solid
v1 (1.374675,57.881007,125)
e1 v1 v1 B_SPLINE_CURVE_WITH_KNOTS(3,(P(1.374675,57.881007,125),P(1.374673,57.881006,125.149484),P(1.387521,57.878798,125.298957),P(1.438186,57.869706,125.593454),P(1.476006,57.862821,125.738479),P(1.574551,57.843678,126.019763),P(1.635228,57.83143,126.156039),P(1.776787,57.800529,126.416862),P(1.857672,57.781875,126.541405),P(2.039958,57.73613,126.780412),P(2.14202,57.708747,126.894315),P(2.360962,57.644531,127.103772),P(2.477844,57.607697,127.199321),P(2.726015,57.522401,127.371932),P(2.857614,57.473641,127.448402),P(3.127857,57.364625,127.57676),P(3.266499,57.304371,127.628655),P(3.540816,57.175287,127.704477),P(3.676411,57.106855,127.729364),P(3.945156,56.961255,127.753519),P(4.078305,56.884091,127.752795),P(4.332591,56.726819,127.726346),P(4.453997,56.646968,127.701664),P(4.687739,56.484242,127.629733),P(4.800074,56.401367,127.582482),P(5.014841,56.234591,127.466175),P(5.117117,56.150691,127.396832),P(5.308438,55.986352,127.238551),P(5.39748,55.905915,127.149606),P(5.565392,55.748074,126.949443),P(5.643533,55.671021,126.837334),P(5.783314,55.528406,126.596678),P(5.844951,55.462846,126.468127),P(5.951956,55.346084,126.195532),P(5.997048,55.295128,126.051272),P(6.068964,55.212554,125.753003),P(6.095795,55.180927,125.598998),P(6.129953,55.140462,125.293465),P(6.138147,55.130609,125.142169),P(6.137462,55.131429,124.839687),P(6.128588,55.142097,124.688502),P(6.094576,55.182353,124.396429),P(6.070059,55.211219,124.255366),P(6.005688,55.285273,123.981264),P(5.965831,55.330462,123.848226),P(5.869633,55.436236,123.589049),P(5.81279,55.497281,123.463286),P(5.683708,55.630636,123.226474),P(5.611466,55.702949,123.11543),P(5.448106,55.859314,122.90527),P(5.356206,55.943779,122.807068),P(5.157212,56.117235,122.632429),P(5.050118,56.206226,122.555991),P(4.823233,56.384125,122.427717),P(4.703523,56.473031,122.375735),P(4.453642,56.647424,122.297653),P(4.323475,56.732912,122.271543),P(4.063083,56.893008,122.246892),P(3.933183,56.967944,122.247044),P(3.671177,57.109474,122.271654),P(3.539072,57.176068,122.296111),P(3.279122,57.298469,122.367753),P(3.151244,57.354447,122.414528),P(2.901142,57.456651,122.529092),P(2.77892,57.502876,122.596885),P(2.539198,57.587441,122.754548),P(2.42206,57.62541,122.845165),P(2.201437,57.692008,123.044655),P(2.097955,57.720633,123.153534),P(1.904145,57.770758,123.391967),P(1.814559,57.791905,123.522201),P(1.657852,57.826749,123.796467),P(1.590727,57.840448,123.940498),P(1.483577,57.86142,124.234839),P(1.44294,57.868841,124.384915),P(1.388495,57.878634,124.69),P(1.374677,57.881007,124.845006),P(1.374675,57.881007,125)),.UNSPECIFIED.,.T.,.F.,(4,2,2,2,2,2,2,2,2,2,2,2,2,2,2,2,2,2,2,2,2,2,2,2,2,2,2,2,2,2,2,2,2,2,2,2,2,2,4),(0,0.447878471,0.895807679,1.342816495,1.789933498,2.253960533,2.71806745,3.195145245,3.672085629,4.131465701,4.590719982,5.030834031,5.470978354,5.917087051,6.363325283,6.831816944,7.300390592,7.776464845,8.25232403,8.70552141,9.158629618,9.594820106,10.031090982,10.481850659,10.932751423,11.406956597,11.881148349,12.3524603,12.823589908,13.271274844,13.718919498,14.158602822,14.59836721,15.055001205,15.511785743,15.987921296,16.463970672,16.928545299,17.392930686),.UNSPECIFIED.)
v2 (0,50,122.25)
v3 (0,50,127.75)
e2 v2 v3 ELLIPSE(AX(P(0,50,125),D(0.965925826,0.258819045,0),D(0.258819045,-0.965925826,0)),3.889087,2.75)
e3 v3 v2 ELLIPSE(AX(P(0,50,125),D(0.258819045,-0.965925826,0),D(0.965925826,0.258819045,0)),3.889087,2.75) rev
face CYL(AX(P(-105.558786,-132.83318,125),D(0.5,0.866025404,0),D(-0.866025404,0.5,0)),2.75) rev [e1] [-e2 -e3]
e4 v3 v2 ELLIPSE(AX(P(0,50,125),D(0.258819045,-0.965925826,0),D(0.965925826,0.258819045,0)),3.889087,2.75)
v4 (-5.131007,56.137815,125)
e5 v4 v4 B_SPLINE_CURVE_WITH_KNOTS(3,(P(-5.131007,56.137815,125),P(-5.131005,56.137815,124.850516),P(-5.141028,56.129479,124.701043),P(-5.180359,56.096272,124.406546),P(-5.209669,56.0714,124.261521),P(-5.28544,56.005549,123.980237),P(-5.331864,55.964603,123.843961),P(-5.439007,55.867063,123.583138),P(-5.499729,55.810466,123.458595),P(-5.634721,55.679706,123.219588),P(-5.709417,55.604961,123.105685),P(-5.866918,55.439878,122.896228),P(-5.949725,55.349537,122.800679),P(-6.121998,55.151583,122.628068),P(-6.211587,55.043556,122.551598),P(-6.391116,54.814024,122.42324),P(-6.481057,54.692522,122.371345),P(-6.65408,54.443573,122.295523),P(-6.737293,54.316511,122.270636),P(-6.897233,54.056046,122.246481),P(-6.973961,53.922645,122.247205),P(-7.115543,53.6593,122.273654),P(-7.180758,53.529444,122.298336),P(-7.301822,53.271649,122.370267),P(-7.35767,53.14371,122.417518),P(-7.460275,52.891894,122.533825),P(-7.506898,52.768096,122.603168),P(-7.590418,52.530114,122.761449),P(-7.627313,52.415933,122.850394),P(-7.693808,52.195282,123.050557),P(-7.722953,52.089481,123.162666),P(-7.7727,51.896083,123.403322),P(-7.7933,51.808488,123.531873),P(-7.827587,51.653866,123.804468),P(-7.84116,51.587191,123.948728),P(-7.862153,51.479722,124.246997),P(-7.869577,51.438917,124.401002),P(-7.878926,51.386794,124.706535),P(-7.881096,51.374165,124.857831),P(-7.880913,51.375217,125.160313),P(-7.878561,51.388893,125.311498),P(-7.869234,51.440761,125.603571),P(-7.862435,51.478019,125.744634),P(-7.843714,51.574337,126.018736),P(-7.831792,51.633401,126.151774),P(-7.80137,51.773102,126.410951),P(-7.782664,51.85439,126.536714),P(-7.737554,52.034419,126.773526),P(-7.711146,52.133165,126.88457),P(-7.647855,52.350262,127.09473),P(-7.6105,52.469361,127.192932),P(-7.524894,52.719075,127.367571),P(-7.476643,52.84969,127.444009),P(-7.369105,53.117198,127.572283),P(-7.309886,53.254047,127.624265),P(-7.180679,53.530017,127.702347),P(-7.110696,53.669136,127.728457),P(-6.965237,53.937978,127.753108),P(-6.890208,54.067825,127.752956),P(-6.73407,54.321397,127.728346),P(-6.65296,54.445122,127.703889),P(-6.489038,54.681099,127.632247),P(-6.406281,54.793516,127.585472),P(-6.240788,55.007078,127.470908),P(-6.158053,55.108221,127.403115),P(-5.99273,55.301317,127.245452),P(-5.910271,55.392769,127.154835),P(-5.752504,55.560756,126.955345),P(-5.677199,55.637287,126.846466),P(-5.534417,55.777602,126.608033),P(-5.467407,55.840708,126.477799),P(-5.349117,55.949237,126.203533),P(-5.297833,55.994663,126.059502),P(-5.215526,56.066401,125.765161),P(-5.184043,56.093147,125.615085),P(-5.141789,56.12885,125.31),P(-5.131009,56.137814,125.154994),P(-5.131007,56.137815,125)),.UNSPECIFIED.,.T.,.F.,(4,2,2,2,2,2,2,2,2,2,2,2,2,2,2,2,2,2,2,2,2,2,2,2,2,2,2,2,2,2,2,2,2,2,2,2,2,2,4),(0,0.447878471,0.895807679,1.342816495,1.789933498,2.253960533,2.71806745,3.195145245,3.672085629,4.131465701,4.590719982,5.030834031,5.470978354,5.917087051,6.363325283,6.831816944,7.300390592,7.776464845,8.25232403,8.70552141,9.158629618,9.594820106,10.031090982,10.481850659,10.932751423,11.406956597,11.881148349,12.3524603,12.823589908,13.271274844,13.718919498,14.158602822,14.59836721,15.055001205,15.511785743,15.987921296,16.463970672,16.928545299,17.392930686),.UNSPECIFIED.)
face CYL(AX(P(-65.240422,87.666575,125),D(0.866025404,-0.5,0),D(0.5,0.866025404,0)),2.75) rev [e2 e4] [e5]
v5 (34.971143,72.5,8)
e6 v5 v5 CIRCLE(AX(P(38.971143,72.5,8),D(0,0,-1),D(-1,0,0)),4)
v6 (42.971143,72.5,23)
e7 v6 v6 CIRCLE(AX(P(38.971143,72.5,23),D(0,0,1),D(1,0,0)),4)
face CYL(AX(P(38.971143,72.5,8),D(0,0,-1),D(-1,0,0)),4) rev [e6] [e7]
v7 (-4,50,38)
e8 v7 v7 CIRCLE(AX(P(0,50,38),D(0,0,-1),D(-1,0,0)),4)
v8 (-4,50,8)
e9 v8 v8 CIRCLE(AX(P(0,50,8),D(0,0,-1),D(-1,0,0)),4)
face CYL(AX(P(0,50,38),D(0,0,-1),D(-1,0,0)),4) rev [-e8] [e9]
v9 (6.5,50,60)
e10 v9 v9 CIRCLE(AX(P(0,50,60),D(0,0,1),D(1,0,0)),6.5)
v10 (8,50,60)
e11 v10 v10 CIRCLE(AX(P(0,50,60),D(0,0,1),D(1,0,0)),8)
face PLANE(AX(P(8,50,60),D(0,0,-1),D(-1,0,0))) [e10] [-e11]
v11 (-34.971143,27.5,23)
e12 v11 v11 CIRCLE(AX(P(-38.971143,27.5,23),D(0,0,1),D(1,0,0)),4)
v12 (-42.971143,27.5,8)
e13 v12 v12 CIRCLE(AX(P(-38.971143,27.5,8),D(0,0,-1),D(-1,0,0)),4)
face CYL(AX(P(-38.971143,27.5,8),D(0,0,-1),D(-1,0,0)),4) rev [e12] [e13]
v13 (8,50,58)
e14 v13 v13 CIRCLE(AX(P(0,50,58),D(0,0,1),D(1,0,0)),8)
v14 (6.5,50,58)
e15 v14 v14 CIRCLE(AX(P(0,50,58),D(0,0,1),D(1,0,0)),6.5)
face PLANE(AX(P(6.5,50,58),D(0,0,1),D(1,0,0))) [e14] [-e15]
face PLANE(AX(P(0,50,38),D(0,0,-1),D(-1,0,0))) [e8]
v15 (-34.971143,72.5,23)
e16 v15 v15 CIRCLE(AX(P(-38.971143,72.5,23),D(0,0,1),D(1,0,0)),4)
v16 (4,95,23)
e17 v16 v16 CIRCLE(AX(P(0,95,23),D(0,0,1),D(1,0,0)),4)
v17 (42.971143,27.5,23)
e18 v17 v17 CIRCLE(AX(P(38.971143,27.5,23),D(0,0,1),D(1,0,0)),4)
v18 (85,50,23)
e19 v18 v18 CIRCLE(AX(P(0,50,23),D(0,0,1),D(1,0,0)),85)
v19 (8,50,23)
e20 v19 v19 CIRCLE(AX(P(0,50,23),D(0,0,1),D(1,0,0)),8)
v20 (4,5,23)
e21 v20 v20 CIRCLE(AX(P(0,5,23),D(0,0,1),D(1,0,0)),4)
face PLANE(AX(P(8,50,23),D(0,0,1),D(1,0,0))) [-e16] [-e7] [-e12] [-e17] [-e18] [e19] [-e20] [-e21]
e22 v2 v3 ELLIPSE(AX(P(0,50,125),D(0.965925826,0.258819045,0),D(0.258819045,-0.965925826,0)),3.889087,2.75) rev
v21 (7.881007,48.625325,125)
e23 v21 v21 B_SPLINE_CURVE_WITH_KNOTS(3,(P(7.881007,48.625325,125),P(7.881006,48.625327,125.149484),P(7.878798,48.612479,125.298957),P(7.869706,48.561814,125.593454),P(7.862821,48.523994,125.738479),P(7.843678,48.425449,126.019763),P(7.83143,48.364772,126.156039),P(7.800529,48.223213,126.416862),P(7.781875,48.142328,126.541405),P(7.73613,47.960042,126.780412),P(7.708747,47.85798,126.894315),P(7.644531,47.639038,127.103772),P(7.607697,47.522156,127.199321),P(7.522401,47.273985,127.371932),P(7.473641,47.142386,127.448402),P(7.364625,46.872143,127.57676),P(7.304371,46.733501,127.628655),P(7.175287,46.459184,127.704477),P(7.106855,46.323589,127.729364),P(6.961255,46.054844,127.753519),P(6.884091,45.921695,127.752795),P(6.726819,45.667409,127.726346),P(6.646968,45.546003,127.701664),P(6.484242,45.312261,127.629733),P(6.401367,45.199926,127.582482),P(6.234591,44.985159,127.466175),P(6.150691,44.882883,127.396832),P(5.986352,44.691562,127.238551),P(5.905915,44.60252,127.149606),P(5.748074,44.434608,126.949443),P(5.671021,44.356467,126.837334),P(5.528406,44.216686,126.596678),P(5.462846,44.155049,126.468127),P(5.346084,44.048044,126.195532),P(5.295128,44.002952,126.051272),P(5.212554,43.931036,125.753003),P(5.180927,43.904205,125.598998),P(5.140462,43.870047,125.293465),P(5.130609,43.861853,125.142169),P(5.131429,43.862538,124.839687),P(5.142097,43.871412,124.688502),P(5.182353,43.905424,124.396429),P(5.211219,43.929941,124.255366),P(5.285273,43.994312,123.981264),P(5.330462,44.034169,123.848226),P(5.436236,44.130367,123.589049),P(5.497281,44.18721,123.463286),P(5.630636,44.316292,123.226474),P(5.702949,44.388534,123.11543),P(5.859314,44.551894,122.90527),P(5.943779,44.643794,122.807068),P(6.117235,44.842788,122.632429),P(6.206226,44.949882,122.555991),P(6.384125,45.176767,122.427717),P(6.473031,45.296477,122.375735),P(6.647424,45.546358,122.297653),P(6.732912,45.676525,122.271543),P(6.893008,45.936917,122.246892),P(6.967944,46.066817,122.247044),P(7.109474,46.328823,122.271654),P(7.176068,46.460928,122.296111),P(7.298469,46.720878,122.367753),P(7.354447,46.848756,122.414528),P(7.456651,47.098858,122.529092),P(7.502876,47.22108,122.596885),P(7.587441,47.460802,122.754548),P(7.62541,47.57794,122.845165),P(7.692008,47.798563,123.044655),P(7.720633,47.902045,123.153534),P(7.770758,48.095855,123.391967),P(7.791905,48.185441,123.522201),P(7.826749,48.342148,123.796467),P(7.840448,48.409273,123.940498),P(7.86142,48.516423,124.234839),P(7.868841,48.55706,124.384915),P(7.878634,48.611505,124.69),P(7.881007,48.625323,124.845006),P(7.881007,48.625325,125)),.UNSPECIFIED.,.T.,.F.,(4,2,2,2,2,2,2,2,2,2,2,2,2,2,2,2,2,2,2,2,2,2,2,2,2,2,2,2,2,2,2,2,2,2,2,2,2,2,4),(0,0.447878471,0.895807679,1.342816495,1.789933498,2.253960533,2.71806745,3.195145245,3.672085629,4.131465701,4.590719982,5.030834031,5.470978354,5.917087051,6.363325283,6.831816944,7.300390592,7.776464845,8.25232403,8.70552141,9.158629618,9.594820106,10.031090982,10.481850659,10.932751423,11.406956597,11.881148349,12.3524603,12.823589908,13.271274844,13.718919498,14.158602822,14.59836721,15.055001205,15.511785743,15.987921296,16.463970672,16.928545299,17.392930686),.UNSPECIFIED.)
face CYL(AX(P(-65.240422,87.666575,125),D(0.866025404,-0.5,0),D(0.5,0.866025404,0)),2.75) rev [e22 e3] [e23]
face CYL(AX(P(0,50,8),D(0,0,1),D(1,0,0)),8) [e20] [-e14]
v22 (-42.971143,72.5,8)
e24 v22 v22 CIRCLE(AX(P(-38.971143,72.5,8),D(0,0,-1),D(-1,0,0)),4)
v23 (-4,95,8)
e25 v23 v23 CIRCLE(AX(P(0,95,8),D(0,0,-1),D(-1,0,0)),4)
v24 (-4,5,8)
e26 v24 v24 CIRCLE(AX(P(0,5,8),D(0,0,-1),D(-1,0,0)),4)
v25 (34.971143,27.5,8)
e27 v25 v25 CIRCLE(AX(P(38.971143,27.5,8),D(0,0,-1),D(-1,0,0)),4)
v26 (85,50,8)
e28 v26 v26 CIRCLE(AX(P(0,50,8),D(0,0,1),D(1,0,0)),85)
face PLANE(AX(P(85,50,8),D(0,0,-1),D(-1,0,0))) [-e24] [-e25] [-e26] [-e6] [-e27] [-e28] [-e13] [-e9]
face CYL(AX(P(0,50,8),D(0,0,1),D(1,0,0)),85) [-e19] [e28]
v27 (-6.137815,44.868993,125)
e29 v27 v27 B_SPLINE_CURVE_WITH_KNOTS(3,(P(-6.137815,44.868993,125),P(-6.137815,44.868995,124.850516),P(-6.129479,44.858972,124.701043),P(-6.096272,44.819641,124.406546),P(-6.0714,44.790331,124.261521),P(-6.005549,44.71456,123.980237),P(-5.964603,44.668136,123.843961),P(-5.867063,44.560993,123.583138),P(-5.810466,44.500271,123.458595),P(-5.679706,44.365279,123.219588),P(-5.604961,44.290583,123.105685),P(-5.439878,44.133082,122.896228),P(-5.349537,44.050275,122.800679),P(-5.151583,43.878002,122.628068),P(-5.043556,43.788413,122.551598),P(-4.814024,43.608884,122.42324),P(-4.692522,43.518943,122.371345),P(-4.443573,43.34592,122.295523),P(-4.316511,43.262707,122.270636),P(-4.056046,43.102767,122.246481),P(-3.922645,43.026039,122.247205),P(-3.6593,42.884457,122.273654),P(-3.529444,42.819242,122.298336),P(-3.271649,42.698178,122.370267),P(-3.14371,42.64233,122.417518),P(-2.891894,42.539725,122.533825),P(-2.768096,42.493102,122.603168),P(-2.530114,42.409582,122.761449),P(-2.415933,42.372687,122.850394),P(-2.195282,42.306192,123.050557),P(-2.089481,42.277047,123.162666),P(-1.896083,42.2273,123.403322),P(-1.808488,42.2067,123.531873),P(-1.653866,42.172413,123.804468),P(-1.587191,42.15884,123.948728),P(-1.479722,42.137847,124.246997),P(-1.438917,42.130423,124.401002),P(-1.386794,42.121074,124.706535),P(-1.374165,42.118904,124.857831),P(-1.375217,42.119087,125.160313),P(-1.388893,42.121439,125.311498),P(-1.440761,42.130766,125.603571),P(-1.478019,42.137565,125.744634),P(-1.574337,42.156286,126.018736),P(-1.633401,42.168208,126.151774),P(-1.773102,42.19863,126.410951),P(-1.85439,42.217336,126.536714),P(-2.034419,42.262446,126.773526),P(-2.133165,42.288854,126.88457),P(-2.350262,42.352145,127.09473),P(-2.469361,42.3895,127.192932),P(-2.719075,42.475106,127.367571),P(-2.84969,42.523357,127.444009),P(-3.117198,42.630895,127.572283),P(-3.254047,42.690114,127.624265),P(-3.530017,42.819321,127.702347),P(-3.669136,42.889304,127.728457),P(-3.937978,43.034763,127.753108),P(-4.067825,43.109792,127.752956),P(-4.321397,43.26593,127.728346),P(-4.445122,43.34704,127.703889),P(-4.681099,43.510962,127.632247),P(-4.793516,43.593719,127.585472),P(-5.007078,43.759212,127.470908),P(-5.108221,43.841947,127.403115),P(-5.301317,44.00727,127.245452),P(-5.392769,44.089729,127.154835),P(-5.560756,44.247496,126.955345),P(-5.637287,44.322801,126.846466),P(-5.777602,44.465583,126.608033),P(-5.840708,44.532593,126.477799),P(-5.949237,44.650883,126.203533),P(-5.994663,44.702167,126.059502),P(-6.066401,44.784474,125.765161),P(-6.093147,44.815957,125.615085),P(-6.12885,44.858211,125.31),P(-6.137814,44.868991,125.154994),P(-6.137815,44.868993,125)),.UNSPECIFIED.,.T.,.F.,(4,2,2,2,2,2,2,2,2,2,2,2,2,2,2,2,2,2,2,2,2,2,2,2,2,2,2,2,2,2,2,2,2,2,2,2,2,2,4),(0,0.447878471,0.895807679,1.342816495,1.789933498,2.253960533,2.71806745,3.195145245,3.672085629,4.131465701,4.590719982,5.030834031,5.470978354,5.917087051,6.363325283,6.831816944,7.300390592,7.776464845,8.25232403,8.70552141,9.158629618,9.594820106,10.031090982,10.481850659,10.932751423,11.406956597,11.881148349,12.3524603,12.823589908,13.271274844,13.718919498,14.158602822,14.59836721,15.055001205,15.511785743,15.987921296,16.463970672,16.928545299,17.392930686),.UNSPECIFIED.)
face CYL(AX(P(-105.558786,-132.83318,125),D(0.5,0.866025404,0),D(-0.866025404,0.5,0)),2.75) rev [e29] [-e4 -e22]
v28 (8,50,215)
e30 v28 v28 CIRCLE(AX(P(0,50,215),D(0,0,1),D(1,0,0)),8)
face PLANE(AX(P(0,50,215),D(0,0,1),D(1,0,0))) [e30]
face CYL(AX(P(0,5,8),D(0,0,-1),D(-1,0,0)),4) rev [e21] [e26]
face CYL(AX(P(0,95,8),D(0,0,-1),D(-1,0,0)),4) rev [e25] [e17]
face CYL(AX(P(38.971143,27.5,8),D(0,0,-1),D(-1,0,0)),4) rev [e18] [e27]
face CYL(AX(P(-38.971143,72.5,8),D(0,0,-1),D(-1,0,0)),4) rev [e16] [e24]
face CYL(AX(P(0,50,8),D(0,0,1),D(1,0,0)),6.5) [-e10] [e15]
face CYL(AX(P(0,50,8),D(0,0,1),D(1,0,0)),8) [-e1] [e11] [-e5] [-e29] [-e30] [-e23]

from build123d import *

# Parameters (mm, degrees)
F_8_0MM_DOWEL_HOLE1_D     = 8
F_8_0MM_DOWEL_HOLE1_DEPTH = 30
F_8_0MM_DOWEL_HOLE1_TIP   = 2.403442476
SKETCH10_R                = 2.75
CUT_EXTRUDE1_DEPTH        = 260
SKETCH11_R                = 2.75
CUT_EXTRUDE2_DEPTH        = 260
SKETCH12_R                = 4
CUT_EXTRUDE3_DEPTH        = 30


with BuildPart() as part:
    # Sketch1 → Revolve1 (revolve)
    with BuildSketch(Plane(origin=(0, 50, 0), x_dir=(1, 0, 0), z_dir=(0, 1, 0))):
        Polygon((85, -8), (0, -8), (0, -215), (8, -215), (8, -60), (6.5, -60), (6.5, -58), (8, -58), (8, -23), (85, -23), align=None)
    revolve(axis=Axis((0, 50, 8), (0, 0, 1)))

    # Ø8.0mm Dowel Hole1
    with Locations(Plane(origin=(0, 0, 8), x_dir=(-1, 0, 0), z_dir=(0, 0, -1))):
        with Locations((0, 95), (-38.97114317, 72.5), (-38.97114317, 27.5), (0, 5), (38.97114317, 27.5), (38.97114317, 72.5)):
            Hole(F_8_0MM_DOWEL_HOLE1_D / 2, depth=F_8_0MM_DOWEL_HOLE1_DEPTH)
            with Locations((0, 0, -(F_8_0MM_DOWEL_HOLE1_DEPTH + F_8_0MM_DOWEL_HOLE1_TIP / 2))):  # 118° drill point
                Cone(0, F_8_0MM_DOWEL_HOLE1_D / 2, F_8_0MM_DOWEL_HOLE1_TIP, mode=Mode.SUBTRACT)

    # Sketch10 → Cut-Extrude1 (cut)
    with BuildSketch(Plane(origin=(138.275547742, -79.833424711, 0), x_dir=(-0.5, -0.866025404, 0), z_dir=(0.866025404, -0.5, 0))):
        with Locations((-43.301270189, -125)):
            Circle(SKETCH10_R)
    extrude(amount=-CUT_EXTRUDE1_DEPTH, mode=Mode.SUBTRACT)

    # Sketch11 → Cut-Extrude2 (cut)
    with BuildSketch(Plane(origin=(46.091849247, 79.833424711, 0), x_dir=(0.866025404, -0.5, 0), z_dir=(0.5, 0.866025404, 0))):
        with Locations((-25, -125)):
            Circle(SKETCH11_R)
    extrude(amount=-CUT_EXTRUDE2_DEPTH, mode=Mode.SUBTRACT)

    # Sketch12 → Cut-Extrude3 (cut)
    with BuildSketch(Plane(origin=(0, 0, 8), x_dir=(-1, 0, 0), z_dir=(0, 0, -1))):
        with Locations((0, 50)):
            Circle(SKETCH12_R)
    extrude(amount=-CUT_EXTRUDE3_DEPTH, mode=Mode.SUBTRACT)


solid = part.part
